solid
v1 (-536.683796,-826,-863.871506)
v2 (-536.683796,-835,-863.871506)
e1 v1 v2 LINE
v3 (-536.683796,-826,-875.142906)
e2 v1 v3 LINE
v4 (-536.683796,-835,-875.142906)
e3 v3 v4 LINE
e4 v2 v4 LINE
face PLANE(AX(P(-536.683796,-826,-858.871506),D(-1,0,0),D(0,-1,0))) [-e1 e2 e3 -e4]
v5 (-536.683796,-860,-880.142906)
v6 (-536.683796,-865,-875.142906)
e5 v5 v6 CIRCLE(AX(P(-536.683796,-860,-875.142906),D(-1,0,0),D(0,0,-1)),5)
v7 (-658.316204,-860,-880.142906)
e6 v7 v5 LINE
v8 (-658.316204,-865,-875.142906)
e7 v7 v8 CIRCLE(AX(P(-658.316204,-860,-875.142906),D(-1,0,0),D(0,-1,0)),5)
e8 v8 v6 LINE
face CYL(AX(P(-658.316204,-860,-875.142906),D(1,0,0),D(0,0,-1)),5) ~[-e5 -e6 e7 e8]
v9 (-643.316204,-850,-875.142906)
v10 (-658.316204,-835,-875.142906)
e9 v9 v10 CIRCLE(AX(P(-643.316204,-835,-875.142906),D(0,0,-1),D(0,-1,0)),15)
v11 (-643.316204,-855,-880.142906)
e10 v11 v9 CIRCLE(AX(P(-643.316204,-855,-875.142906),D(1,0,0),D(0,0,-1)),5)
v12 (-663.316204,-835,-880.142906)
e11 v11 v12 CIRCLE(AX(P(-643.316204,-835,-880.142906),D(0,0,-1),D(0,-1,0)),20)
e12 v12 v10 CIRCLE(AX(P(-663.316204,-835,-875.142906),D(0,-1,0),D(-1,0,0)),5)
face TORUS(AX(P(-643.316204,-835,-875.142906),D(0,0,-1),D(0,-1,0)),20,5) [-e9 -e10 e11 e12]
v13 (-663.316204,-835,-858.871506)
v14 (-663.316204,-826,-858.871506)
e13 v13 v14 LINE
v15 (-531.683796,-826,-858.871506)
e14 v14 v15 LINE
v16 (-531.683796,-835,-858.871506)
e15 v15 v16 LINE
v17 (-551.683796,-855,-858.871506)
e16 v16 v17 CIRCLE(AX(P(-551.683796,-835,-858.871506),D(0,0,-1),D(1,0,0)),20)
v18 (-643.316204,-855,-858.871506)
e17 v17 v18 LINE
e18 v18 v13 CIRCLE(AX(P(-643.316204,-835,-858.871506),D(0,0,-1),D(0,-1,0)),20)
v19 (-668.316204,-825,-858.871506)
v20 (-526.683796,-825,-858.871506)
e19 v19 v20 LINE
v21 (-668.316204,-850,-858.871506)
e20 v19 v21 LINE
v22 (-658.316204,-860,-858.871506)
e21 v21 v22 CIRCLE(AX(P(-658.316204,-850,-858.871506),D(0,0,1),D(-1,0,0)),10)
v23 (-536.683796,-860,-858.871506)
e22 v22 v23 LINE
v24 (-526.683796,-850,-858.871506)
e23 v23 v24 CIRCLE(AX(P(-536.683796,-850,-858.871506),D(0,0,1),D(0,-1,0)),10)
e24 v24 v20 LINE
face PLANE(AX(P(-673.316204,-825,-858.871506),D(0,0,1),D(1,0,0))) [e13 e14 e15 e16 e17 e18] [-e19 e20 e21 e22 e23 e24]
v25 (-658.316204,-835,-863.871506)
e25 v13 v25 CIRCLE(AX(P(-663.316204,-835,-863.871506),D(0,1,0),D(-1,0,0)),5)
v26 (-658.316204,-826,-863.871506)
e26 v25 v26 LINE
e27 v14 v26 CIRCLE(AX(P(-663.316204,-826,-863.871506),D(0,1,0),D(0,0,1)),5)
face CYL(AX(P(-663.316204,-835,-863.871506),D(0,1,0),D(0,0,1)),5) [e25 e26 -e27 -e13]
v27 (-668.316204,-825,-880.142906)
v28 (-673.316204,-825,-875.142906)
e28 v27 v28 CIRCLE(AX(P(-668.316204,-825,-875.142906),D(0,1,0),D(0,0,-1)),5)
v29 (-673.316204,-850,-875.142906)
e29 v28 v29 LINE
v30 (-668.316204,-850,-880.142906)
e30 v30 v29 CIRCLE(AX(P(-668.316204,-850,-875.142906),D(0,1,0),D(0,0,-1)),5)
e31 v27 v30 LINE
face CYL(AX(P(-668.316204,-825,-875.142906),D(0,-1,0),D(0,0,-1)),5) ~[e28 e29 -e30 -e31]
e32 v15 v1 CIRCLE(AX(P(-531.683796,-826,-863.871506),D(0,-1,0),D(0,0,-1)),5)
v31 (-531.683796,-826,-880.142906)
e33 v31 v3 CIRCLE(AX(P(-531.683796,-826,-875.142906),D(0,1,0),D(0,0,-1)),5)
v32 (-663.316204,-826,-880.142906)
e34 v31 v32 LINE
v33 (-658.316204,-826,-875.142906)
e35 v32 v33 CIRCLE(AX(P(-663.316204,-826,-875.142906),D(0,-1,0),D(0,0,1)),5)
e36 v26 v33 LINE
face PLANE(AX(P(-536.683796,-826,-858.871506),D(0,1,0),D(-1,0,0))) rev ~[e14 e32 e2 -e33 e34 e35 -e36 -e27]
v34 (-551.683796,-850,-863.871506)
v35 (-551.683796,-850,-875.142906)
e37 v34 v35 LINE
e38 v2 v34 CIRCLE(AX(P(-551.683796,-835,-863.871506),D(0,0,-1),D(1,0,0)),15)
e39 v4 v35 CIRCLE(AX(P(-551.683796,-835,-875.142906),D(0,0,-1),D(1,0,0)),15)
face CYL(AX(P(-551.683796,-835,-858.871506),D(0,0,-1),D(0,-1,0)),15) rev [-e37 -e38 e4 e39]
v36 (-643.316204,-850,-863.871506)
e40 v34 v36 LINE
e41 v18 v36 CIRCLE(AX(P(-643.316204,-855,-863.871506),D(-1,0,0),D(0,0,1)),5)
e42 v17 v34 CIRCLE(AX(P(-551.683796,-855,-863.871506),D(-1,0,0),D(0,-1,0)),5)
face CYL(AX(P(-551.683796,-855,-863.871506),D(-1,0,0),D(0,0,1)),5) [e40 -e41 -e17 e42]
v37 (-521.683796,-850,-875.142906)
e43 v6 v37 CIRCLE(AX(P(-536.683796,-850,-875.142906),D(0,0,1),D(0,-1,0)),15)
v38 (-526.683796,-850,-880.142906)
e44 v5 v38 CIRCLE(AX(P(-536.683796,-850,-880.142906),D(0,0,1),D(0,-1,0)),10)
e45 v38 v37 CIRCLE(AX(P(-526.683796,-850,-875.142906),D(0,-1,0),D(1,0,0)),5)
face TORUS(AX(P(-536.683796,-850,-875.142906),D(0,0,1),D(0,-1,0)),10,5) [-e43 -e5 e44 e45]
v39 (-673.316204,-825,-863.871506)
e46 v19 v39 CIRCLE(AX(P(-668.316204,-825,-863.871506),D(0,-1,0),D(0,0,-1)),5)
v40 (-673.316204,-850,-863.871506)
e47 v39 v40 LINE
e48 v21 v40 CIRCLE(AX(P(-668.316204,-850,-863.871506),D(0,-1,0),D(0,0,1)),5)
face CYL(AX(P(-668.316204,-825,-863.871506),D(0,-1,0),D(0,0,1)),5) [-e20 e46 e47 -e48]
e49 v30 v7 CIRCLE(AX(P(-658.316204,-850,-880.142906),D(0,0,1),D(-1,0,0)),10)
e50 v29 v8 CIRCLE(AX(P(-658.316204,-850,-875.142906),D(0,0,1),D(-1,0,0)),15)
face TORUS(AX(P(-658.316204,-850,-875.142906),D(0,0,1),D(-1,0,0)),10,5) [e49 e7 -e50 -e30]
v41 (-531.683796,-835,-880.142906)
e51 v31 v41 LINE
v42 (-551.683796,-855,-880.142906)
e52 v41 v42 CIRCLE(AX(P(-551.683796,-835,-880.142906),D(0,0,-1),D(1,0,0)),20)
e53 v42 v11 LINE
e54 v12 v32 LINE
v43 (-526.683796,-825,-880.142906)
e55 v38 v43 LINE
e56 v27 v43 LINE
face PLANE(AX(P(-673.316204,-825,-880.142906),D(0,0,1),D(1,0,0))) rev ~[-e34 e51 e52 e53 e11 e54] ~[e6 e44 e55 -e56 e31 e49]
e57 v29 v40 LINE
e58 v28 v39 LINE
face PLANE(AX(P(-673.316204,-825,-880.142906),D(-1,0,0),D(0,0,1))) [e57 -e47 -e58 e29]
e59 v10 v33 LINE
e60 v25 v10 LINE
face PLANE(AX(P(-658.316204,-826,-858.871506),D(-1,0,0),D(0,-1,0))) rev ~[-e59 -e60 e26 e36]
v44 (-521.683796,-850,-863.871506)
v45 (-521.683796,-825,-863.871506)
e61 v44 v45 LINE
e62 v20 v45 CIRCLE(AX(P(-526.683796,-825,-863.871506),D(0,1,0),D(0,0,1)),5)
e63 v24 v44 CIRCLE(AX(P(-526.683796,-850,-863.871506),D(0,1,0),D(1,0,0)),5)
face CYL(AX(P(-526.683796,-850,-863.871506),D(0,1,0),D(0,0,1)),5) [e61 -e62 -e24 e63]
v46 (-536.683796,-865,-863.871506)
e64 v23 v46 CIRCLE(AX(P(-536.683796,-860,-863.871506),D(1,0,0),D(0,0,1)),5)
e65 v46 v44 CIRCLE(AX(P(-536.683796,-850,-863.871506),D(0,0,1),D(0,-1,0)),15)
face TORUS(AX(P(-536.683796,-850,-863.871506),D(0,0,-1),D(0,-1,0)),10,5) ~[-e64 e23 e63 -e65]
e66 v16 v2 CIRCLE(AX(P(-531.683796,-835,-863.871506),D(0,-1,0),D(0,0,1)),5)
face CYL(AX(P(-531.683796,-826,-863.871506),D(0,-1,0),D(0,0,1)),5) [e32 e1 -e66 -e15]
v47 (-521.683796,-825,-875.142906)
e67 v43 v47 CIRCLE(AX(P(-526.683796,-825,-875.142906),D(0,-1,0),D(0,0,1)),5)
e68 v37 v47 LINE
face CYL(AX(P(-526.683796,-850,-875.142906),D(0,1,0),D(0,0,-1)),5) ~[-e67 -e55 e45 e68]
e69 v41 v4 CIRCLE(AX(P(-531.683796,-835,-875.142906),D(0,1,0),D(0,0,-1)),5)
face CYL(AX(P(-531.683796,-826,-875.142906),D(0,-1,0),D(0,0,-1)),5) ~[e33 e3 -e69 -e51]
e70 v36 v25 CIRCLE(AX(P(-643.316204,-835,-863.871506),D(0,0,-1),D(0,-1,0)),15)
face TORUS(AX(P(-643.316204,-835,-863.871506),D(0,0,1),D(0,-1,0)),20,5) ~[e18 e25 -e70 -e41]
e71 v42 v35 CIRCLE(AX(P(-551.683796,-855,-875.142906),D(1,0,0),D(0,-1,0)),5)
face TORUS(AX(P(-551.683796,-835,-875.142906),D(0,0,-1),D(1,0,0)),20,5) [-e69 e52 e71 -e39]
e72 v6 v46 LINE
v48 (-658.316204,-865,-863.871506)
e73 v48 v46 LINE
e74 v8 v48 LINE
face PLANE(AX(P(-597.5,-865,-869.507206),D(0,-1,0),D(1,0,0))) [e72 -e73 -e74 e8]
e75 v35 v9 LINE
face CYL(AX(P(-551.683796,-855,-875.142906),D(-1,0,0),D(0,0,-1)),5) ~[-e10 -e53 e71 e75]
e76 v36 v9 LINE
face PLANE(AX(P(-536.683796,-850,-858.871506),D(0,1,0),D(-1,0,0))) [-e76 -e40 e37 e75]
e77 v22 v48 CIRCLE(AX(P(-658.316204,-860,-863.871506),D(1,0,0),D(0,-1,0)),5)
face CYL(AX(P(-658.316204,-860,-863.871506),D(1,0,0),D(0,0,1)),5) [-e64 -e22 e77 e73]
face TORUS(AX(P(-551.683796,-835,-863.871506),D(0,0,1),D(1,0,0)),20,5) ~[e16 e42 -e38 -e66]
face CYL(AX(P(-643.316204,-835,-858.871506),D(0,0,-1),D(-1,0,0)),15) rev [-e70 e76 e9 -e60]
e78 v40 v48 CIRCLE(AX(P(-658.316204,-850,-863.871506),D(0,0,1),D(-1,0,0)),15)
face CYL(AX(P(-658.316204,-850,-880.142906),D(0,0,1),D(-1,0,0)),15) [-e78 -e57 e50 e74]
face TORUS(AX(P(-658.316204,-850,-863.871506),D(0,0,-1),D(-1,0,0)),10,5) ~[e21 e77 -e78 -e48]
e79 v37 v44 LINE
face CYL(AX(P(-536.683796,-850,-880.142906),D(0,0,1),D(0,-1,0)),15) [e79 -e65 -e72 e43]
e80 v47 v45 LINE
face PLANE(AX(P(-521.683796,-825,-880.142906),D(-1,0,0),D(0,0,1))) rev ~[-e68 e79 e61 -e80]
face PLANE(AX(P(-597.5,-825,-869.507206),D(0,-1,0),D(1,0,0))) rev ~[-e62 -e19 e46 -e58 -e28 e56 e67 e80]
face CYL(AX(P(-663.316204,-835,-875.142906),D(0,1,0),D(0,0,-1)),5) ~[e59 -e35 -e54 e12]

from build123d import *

# Parameters (mm, degrees)
SKETCH018_W     = 151.632408
SKETCH018_H     = 21.2714
PAD011_DEPTH    = 40
SKETCH019_W     = 121.632408
SKETCH019_H     = 24
POCKET007_DEPTH = 21.2724
FILLET010_R     = 15
FILLET011_R     = 5


with BuildPart() as part:
    # Sketch018 (on Face1 of CopyPocket006) → Pad011 (new body)
    with BuildSketch(Plane.XZ.offset(825)):
        with Locations((-597.5, -869.507206)):
            Rectangle(SKETCH018_W, SKETCH018_H)
    extrude(amount=PAD011_DEPTH)

    # Sketch019 (on Face4 of Pad011) → Pocket007 (cut, through all)
    with BuildSketch(Plane(origin=(0, 0, -858.871506), x_dir=(-1, 0, 0), z_dir=(0, 0, 1))):
        with Locations((597.5, 838)):
            Rectangle(SKETCH019_W, SKETCH019_H)
    extrude(amount=-POCKET007_DEPTH, mode=Mode.SUBTRACT)

    # Fillet010
    fillet010_edges = [part.edges().sort_by_distance(p)[0] for p in [
        (-673.316204, -865, -869.507206),
        (-521.683796, -865, -869.507206),
        (-658.316204, -850, -869.507206),
        (-536.683796, -850, -869.507206),
    ]]
    fillet(fillet010_edges, radius=FILLET010_R)

    # Fillet011
    fillet011_edges = [part.edges().sort_by_distance(p)[0] for p in [
        (-597.5, -850, -858.871506),
        (-597.5, -850, -880.142906),
        (-597.5, -865, -858.871506),
        (-597.5, -865, -880.142906),
    ]]
    fillet(fillet011_edges, radius=FILLET011_R)


solid = part.part
